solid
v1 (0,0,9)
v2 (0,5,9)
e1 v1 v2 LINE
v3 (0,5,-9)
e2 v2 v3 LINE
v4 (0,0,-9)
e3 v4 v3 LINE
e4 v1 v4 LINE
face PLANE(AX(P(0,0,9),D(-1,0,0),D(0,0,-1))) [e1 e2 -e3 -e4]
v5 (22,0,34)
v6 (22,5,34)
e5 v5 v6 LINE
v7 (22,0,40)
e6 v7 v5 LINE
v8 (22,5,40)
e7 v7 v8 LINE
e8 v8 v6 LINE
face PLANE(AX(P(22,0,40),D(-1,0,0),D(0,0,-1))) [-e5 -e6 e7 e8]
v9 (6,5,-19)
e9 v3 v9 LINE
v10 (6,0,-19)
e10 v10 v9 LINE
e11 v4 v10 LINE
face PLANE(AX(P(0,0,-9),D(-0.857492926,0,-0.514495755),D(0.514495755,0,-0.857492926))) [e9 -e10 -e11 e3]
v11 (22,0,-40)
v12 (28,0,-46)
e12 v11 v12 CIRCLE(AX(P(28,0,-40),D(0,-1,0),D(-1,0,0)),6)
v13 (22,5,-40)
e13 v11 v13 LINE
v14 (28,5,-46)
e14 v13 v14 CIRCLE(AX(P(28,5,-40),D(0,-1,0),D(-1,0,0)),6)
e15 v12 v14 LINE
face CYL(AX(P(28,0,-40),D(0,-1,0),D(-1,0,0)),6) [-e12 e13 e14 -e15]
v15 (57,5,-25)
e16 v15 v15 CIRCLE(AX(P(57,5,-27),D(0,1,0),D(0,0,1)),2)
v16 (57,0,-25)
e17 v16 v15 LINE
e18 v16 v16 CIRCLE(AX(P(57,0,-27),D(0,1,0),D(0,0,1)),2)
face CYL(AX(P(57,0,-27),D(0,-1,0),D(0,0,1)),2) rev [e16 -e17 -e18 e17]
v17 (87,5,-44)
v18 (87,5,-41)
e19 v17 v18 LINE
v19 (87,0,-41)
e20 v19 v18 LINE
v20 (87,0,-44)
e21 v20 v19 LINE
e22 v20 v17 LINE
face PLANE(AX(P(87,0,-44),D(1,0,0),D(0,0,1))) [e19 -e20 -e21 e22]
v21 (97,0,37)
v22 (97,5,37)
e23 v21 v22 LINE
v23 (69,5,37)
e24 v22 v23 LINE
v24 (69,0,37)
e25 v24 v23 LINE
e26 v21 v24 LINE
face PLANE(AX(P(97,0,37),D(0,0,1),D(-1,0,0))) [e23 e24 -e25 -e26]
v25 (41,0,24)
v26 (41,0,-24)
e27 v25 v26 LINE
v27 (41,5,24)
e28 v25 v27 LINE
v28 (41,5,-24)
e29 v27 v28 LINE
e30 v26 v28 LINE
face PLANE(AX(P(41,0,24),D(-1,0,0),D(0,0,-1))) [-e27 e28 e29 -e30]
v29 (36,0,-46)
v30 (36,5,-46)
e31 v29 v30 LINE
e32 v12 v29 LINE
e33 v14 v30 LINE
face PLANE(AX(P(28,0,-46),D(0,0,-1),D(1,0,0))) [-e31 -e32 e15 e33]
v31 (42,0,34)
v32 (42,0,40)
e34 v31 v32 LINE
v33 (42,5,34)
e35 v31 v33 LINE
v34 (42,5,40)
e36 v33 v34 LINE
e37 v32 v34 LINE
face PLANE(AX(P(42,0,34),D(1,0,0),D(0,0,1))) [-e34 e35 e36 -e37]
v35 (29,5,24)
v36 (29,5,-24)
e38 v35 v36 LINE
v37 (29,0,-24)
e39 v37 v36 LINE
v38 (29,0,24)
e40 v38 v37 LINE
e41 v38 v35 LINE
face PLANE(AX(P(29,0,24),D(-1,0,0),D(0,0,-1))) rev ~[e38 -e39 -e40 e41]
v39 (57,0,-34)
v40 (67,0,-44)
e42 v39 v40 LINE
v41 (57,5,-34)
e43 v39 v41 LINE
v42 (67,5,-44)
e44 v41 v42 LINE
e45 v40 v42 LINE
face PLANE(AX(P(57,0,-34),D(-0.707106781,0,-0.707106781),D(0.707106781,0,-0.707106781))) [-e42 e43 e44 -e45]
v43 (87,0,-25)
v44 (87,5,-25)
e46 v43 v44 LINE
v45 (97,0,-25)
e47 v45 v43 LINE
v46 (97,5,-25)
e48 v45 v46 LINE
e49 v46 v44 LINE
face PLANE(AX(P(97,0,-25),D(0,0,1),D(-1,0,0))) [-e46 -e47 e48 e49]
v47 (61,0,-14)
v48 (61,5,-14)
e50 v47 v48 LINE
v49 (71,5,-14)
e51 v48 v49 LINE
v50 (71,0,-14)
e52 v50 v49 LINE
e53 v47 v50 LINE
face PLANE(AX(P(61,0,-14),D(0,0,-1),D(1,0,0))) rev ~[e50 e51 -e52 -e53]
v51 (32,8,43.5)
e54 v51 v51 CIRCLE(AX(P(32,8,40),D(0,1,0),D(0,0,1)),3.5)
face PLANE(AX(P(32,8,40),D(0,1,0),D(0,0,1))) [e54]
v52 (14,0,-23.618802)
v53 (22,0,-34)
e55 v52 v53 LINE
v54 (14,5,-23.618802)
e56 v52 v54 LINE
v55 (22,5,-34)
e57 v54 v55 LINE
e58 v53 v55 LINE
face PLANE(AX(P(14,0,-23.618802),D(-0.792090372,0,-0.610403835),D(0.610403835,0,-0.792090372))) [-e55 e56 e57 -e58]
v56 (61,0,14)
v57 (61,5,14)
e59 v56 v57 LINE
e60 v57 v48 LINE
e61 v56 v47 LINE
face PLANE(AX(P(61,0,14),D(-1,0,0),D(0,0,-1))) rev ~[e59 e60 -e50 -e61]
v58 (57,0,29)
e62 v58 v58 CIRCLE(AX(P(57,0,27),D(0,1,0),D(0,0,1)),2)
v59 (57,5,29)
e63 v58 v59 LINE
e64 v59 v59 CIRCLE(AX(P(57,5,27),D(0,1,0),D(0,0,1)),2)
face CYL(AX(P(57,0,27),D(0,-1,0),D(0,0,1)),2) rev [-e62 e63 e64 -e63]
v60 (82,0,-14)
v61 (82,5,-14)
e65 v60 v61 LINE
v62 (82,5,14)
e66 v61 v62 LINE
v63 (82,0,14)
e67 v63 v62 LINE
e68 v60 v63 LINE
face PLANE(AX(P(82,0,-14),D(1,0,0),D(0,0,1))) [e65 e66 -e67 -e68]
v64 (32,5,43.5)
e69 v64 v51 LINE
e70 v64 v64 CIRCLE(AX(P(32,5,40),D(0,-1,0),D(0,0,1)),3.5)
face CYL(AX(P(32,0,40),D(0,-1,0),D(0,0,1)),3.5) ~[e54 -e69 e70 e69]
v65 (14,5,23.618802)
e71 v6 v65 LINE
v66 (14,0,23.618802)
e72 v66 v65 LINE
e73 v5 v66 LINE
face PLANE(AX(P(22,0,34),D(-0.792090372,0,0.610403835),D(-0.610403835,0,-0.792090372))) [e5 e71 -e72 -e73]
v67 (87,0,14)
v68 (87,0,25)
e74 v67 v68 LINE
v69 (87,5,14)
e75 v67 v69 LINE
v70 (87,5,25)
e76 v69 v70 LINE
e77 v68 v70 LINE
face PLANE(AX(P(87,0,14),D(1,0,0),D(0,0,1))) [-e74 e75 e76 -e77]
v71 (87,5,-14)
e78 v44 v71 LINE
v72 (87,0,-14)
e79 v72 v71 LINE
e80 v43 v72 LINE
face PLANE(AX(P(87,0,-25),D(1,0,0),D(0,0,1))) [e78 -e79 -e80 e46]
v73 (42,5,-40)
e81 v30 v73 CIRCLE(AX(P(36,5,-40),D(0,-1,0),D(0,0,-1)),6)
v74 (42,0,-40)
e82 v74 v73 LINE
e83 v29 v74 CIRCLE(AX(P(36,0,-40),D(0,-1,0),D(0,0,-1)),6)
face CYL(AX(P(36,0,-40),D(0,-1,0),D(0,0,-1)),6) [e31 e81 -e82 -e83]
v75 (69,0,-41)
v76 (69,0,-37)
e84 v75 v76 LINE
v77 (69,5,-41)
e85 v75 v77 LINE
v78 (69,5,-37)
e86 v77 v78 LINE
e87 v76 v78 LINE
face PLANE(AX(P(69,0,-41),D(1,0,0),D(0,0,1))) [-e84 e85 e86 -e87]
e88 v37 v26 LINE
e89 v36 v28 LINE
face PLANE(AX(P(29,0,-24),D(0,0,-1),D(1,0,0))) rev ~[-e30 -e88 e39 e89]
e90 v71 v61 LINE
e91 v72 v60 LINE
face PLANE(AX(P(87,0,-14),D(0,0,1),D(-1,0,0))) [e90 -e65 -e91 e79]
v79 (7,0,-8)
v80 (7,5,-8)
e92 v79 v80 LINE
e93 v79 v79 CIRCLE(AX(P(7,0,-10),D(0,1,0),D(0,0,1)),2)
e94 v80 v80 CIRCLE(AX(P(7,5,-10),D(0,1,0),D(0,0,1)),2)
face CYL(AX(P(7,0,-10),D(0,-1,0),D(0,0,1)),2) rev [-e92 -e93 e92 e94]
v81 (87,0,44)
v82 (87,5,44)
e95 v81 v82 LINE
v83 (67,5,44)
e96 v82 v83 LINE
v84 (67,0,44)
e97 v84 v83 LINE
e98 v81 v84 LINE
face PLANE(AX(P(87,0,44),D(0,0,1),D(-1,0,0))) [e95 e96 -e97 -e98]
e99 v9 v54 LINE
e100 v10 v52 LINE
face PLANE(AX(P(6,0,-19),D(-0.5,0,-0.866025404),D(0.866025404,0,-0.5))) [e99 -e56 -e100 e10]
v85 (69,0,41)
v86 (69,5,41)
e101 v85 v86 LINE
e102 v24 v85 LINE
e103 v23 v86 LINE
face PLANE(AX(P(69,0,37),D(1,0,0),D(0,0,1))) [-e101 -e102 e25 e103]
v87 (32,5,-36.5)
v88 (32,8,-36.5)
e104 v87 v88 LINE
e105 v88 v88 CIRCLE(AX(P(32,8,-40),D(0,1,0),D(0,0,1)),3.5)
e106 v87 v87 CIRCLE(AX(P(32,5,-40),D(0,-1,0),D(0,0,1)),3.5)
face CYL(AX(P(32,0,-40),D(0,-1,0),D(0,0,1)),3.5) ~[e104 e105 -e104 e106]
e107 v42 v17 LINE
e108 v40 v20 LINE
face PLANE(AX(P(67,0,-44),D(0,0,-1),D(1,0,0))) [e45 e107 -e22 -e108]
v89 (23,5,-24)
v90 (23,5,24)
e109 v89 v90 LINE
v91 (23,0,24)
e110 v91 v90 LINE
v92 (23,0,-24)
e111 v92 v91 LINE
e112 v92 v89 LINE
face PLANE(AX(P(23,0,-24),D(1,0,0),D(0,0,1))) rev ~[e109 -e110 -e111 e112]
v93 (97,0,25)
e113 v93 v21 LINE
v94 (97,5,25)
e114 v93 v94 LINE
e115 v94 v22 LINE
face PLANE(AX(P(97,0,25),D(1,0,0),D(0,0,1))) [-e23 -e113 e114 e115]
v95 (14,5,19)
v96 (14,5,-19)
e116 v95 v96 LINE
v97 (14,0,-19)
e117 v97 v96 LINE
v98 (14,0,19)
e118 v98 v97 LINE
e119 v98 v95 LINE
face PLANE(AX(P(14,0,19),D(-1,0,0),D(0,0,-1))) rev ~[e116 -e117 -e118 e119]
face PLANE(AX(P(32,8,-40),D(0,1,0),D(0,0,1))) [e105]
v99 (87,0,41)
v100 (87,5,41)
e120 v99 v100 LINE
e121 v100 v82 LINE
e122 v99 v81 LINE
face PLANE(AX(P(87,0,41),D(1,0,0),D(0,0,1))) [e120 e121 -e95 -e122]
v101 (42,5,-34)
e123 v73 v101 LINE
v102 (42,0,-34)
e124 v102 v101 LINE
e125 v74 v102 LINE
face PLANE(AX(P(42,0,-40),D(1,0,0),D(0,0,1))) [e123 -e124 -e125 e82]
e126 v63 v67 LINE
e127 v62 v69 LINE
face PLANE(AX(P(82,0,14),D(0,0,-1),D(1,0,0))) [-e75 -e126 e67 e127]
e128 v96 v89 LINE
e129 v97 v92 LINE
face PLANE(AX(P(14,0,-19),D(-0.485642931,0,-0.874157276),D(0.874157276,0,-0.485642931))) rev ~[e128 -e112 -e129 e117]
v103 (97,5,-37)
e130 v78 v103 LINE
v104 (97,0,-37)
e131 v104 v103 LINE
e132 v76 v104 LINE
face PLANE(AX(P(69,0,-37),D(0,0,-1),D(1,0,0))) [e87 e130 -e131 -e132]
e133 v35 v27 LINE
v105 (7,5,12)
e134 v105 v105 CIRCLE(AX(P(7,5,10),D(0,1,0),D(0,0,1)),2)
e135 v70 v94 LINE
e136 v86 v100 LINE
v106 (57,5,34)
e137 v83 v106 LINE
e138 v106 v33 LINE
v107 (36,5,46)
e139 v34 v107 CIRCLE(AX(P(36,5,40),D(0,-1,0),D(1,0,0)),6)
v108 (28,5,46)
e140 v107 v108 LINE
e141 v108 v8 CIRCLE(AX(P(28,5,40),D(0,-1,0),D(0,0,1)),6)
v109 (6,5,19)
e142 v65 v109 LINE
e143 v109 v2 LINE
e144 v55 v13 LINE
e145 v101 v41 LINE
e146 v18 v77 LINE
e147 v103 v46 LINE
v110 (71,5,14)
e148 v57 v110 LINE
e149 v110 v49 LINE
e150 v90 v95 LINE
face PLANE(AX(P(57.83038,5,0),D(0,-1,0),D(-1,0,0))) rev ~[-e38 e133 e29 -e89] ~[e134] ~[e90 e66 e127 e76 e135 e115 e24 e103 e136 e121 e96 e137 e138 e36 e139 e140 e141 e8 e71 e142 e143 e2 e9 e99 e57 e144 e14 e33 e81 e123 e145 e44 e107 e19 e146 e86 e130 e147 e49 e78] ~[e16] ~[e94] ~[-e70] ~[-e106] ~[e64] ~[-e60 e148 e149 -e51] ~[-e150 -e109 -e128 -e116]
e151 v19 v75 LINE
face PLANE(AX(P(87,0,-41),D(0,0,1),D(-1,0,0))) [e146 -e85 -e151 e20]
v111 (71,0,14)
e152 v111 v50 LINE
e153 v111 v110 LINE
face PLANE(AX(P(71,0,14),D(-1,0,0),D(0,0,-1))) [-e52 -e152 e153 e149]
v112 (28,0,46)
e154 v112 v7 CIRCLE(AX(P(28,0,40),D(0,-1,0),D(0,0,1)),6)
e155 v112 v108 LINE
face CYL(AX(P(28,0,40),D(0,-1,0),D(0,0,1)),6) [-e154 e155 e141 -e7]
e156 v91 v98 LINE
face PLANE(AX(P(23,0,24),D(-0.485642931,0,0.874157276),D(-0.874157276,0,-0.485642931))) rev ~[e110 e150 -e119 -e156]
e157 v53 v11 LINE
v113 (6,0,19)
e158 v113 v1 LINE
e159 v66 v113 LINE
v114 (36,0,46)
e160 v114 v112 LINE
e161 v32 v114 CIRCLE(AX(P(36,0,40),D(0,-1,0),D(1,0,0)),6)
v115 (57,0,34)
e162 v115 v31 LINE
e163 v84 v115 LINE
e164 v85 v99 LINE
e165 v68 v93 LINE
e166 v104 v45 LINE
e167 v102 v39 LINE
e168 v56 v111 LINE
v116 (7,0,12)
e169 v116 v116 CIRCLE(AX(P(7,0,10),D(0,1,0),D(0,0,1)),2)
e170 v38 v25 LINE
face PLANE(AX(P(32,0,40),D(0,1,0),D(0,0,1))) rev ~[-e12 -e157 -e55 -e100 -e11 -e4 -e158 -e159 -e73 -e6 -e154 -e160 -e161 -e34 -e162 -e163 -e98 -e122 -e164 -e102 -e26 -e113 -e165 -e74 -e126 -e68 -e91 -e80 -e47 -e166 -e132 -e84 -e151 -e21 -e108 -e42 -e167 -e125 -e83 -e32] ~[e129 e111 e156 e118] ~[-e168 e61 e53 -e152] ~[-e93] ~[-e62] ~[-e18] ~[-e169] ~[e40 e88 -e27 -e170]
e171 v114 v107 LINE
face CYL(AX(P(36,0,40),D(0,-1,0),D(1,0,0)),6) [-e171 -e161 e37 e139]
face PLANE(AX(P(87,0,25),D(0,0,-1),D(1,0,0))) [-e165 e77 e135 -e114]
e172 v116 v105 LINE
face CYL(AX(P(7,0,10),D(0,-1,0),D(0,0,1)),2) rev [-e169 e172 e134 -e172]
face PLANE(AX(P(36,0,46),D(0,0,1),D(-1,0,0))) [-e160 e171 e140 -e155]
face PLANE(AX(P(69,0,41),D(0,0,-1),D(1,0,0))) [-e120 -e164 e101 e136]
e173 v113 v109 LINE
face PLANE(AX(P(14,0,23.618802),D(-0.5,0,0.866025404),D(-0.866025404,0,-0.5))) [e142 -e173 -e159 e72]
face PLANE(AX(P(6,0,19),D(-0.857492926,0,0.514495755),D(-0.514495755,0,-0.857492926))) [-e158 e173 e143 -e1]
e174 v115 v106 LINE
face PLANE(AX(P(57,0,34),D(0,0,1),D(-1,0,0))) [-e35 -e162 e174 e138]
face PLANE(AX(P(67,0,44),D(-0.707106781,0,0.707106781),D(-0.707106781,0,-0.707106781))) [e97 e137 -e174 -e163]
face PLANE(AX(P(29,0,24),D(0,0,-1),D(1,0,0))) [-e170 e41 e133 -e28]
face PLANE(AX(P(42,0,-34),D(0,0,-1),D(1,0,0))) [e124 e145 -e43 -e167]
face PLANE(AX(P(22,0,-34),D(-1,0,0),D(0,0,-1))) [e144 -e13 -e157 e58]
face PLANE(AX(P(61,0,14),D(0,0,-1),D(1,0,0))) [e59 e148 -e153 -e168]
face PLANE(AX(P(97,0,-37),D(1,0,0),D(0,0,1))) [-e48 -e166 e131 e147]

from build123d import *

# Parameters (mm, degrees)
SKETCH1_R           = 2
SKETCH1_W           = 12
SKETCH1_H           = 48
SKETCH1_W_2         = 10
SKETCH1_H_2         = 28
BOSS_EXTRUDE1_DEPTH = 5
SKETCH1_3_R         = 3.5
BOSS_EXTRUDE2_DEPTH = 8


with BuildPart() as part:
    # Sketch1 → Boss-Extrude1 (new body)
    with BuildSketch(Plane(origin=(0, 0, 0), x_dir=(1, 0, 0), z_dir=(0, 1, 0))):
        with BuildLine():
            Line((0, 9), (0, -9))
            Line((0, -9), (6, -19))
            Line((6, -19), (14, -23.618802154))
            Line((14, -23.618802154), (22, -34))
            Line((22, -34), (22, -40))
            ThreePointArc((22, -40), (23.757359313, -44.242640687), (28, -46))
            Line((28, -46), (36, -46))
            ThreePointArc((36, -46), (40.242640687, -44.242640687), (42, -40))
            Line((42, -40), (42, -34))
            Line((42, -34), (57, -34))
            Line((57, -34), (67, -44))
            Line((67, -44), (87, -44))
            Line((87, -44), (87, -41))
            Line((87, -41), (69, -41))
            Line((69, -41), (69, -37))
            Line((69, -37), (97, -37))
            Line((97, -37), (97, -25))
            Line((97, -25), (87, -25))
            Line((87, -25), (87, -14))
            Line((87, -14), (82, -14))
            Line((82, -14), (82, 14))
            Line((82, 14), (87, 14))
            Line((87, 14), (87, 25))
            Line((87, 25), (97, 25))
            Line((97, 25), (97, 37))
            Line((97, 37), (69, 37))
            Line((69, 37), (69, 41))
            Line((69, 41), (87, 41))
            Line((87, 41), (87, 44))
            Line((87, 44), (67, 44))
            Line((67, 44), (57, 34))
            Line((57, 34), (42, 34))
            Line((42, 34), (42, 40))
            ThreePointArc((42, 40), (40.242640687, 44.242640687), (36, 46))
            Line((36, 46), (28, 46))
            ThreePointArc((28, 46), (23.757359313, 44.242640687), (22, 40))
            Line((22, 40), (22, 34))
            Line((22, 34), (14, 23.618802154))
            Line((14, 23.618802154), (6, 19))
            Line((6, 19), (0, 9))
        make_face()
        with Locations((7, -10)):
            Circle(SKETCH1_R, mode=Mode.SUBTRACT)
        with Locations((57, -27)):
            Circle(SKETCH1_R, mode=Mode.SUBTRACT)
        with Locations((7, 10)):
            Circle(SKETCH1_R, mode=Mode.SUBTRACT)
        Polygon((14, -19), (14, 19), (23, 24), (23, -24), align=None, mode=Mode.SUBTRACT)
        with Locations((35, 0)):
            Rectangle(SKETCH1_W, SKETCH1_H, mode=Mode.SUBTRACT)
        with Locations((66, 0)):
            Rectangle(SKETCH1_W_2, SKETCH1_H_2, mode=Mode.SUBTRACT)
        with Locations((57, 27)):
            Circle(SKETCH1_R, mode=Mode.SUBTRACT)
    extrude(amount=BOSS_EXTRUDE1_DEPTH)

    # Sketch1<3> → Boss-Extrude2 (add)
    with BuildSketch(Plane(origin=(0, 0, 0), x_dir=(1, 0, 0), z_dir=(0, 1, 0))):
        with Locations((32, -40)):
            Circle(SKETCH1_3_R)
        with Locations((32, 40)):
            Circle(SKETCH1_3_R)
    extrude(amount=BOSS_EXTRUDE2_DEPTH)


solid = part.part
